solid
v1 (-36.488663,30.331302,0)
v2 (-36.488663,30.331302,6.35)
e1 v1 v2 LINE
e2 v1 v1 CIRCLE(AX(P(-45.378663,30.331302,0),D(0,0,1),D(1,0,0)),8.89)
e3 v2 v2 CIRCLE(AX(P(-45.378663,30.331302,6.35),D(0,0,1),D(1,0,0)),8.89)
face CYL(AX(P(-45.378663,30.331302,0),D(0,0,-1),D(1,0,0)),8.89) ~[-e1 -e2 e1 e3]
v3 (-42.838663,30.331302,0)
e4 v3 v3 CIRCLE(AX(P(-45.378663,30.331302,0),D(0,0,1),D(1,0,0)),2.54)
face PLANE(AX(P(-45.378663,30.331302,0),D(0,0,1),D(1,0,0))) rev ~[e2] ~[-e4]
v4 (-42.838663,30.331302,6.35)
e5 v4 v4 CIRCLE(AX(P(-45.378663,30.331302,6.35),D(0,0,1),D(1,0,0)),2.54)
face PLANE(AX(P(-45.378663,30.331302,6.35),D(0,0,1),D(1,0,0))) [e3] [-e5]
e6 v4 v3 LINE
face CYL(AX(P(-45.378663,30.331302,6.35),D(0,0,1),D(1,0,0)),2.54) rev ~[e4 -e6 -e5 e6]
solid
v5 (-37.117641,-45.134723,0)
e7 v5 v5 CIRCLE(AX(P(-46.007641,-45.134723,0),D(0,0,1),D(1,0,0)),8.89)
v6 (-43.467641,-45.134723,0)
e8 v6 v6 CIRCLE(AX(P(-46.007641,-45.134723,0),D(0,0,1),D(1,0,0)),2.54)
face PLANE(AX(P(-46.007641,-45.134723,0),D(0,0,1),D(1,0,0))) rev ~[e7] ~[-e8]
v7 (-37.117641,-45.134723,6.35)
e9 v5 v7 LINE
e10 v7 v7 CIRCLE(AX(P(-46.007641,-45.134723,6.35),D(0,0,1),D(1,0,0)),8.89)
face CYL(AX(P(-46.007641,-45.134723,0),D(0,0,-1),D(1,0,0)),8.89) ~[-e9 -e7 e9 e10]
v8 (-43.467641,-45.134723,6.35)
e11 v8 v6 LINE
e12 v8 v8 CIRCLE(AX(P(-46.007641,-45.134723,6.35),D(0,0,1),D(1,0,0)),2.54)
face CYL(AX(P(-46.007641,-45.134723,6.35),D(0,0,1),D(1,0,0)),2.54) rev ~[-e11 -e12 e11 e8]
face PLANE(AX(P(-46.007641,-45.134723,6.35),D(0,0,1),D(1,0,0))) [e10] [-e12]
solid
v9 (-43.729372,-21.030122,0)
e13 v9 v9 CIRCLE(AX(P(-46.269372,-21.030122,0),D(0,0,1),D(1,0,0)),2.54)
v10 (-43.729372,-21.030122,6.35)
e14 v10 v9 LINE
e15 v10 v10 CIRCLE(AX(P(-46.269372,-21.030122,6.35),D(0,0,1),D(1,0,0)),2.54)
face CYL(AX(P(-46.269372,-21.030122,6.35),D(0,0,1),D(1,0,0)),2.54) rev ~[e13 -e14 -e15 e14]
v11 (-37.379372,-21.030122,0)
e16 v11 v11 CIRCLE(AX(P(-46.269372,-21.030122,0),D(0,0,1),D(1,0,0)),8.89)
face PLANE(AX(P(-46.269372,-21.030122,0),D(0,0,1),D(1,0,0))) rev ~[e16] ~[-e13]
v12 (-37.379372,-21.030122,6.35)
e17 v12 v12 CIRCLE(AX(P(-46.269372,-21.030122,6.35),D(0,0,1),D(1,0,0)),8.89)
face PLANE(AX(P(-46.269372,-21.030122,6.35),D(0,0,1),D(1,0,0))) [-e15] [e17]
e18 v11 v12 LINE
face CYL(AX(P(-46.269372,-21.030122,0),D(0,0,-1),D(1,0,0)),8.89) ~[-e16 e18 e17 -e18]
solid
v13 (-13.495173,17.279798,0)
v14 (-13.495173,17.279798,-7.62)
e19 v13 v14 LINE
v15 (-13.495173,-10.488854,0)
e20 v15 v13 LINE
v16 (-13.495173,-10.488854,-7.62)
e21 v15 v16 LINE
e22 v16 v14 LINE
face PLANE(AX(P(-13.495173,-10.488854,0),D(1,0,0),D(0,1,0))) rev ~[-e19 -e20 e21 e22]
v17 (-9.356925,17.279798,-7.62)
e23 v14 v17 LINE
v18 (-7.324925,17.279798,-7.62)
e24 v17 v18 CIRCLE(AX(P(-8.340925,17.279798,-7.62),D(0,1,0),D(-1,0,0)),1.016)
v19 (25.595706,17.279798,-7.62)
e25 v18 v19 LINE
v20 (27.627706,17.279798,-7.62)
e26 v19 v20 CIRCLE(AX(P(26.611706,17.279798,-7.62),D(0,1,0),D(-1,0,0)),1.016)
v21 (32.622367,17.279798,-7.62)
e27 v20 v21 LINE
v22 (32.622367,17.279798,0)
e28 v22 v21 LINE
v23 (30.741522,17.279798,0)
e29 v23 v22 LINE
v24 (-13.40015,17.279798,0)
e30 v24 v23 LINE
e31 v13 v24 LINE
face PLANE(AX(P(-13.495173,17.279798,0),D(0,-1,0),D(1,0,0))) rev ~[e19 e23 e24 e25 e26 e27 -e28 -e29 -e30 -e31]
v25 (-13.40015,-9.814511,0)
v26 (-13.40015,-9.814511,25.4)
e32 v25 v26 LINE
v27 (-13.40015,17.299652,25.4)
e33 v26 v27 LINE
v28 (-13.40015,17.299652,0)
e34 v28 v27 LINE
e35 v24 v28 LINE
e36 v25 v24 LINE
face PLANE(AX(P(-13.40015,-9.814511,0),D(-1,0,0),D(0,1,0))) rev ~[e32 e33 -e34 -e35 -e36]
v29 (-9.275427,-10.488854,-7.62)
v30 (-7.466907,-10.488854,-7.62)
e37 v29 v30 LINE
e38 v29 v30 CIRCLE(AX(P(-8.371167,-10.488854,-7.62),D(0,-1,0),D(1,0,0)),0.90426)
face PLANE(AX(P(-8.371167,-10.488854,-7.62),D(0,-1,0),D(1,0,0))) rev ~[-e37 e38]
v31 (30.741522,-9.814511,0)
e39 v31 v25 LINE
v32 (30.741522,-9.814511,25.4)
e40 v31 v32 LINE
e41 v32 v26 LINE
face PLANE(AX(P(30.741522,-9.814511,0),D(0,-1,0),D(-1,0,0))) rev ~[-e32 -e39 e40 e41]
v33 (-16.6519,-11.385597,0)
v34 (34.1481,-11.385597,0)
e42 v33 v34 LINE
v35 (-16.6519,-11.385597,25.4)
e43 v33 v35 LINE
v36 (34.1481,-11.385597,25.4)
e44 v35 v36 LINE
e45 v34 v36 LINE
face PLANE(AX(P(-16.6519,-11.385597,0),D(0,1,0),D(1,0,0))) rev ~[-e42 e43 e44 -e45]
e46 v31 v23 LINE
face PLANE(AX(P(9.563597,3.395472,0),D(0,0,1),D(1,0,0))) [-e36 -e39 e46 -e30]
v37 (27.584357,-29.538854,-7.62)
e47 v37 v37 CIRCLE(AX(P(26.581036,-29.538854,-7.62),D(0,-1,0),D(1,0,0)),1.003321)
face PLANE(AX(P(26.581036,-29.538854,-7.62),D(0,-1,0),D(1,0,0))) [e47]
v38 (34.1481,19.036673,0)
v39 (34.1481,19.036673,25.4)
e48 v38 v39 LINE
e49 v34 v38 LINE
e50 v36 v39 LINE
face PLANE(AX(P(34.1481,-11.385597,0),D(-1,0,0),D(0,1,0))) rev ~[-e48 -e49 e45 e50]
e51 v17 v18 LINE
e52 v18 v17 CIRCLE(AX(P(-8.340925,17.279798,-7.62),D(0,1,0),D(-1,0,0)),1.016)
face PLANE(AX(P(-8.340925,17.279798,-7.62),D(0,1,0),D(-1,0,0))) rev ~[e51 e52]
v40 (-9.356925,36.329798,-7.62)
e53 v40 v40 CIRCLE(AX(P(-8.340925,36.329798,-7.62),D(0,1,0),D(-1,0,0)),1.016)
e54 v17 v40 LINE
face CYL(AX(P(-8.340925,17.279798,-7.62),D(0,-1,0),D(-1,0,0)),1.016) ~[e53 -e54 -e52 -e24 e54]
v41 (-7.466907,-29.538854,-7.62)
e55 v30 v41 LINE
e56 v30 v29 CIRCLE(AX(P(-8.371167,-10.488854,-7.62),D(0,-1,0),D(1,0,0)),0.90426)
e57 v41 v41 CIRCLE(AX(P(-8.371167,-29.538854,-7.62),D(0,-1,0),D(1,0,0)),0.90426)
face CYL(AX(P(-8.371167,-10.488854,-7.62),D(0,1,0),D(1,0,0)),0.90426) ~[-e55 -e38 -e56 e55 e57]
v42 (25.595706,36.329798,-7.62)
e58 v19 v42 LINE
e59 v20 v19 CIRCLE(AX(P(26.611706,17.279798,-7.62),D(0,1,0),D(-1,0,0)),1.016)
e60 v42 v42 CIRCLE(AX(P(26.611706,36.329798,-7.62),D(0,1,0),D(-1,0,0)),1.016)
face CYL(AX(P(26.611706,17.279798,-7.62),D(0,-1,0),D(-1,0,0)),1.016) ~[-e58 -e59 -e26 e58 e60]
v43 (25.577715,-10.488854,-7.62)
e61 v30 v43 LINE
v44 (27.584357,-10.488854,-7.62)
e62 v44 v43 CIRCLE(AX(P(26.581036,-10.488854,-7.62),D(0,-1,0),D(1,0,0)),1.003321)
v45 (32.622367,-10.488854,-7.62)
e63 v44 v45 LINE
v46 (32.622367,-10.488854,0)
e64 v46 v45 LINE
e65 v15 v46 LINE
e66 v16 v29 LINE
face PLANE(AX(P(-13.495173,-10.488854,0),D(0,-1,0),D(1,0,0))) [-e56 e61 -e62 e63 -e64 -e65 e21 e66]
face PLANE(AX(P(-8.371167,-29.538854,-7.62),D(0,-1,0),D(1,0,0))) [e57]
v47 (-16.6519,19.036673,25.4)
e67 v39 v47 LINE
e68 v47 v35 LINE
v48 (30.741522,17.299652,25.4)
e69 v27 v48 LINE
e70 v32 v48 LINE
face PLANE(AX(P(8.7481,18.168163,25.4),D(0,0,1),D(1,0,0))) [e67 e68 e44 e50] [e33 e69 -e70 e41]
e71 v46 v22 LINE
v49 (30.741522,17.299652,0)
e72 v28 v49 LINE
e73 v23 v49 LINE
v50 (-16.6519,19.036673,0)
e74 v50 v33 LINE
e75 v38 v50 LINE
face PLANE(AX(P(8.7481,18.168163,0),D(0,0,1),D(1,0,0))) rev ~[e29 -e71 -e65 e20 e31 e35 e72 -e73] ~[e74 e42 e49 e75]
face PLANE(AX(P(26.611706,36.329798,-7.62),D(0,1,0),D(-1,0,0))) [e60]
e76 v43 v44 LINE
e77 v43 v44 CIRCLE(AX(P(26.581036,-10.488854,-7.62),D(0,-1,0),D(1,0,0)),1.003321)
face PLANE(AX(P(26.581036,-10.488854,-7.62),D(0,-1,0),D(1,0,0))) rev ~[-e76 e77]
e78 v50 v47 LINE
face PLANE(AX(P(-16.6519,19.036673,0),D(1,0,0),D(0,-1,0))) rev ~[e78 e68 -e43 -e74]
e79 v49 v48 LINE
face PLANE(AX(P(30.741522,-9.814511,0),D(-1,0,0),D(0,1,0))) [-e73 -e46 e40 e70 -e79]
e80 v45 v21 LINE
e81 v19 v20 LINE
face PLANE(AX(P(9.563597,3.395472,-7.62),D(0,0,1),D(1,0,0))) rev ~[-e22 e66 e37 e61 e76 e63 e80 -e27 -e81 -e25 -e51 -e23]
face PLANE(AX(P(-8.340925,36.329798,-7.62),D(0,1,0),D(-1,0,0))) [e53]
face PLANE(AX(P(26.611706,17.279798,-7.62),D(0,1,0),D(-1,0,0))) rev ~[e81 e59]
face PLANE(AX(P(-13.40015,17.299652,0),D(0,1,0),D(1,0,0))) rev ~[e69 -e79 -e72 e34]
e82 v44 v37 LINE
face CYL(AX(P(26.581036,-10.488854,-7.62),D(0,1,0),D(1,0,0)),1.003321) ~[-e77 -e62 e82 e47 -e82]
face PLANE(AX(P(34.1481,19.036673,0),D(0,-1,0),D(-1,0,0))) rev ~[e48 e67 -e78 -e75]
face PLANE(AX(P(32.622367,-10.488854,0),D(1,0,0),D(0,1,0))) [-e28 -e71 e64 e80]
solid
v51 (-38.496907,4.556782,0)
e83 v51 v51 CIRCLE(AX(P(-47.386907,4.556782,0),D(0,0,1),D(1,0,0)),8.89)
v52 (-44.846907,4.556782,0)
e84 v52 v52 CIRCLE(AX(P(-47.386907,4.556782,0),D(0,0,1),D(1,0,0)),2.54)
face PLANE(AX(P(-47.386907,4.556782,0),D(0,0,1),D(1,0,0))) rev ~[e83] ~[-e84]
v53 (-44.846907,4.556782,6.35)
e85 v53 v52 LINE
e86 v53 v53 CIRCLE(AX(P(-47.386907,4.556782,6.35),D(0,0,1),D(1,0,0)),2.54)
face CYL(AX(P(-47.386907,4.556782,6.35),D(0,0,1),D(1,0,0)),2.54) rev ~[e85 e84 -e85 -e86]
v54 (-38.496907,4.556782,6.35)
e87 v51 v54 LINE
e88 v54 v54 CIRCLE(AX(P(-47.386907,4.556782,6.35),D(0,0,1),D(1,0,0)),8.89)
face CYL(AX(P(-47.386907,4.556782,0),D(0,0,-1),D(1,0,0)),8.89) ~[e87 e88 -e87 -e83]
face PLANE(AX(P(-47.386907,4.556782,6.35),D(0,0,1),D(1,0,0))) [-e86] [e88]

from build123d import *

# Parameters (mm, degrees)
F0_W      = 3.2517500222
F0_H      = 27.1141631529
F0_W_2    = 3.4065774262
F1_DEPTH  = 25.4
F2_DEPTH  = 25.4
F3_W      = 46.1175404489
F3_H      = 27.7686519548
F4_DEPTH  = 7.62
F5_R      = 1.016
F6_DEPTH  = 19.05
F7_R      = 0.9042601728
F7_R_2    = 1.0033209585
F8_DEPTH  = 19.05
F9_R      = 8.89
F10_DEPTH = 6.35
F11_R     = 2.54
F12_DEPTH = 25.4
F13_R     = 2.54
F14_DEPTH = 25.4
F15_R     = 2.54
F16_DEPTH = 25.4
F17_R     = 2.54
F18_DEPTH = 25.4


with BuildPart() as f1:
    # F0 (on Top) → F1 (new body)
    with BuildSketch(Plane.XY):
        Polygon((34.1480995148, 19.0366730094), (-16.6519004852, 19.0366730094), (-16.6519004852, 17.2996520996), (-13.400150463, 17.2996520996), (30.7415220886, 17.2996520996), (34.1480995148, 17.2996520996), align=None)
        with Locations((-15.0260254741, 3.7425705232)):
            Rectangle(F0_W, F0_H)
        with Locations((32.4448108017, 3.7425705232)):
            Rectangle(F0_W_2, F0_H)
        Polygon((-13.400150463, -9.8145110533), (-16.6519004852, -9.8145110533), (-16.6519004852, -11.3855972886), (34.1480995148, -11.3855972886), (34.1480995148, -9.8145110533), (30.7415220886, -9.8145110533), align=None)
    extrude(amount=F1_DEPTH)

    # F0 (on Top) → F2 (join)
    with BuildSketch(Plane.XY):
        Polygon((34.1480995148, 19.0366730094), (-16.6519004852, 19.0366730094), (-16.6519004852, 17.2996520996), (-13.400150463, 17.2996520996), (30.7415220886, 17.2996520996), (34.1480995148, 17.2996520996), align=None)
        with Locations((-15.0260254741, 3.7425705232)):
            Rectangle(F0_W, F0_H)
        with Locations((32.4448108017, 3.7425705232)):
            Rectangle(F0_W_2, F0_H)
        Polygon((-13.400150463, -9.8145110533), (-16.6519004852, -9.8145110533), (-16.6519004852, -11.3855972886), (34.1480995148, -11.3855972886), (34.1480995148, -9.8145110533), (30.7415220886, -9.8145110533), align=None)
    extrude(amount=F2_DEPTH)

    # F3 (on Top) → F4 (join)
    with BuildSketch(Plane.XY):
        with Locations((9.5635969192, 3.3954721875)):
            Rectangle(F3_W, F3_H)
    extrude(amount=-F4_DEPTH)

    # F5 (on face) → F6 (join)
    with BuildSketch(Plane(origin=(0, 17.279798165, 0), x_dir=(-1, 0, 0), z_dir=(0, 1, 0))):
        with Locations((-26.611706242, -7.62)):
            Circle(F5_R)
        with Locations((8.3409249783, -7.62)):
            Circle(F5_R)
    extrude(amount=F6_DEPTH)

    # F7 (on face) → F8 (join)
    with BuildSketch(Plane.XZ.offset(10.4888537899)):
        with Locations((-8.3711668849, -7.62)):
            Circle(F7_R)
        with Locations((26.5810359269, -7.62)):
            Circle(F7_R_2)
    extrude(amount=F8_DEPTH)


with BuildPart() as f10:
    # F9 (on Top) → F10 (new body)
    with BuildSketch(Plane.XY):
        with Locations((-45.3786626458, 30.3313024342)):
            Circle(F9_R)
    extrude(amount=F10_DEPTH)

    # F11 (on face) → F12 (cut)
    with BuildSketch(Plane.XY.offset(6.35)):
        with Locations((-45.3786626458, 30.3313024342)):
            Circle(F11_R)
    extrude(amount=-F12_DEPTH, mode=Mode.SUBTRACT)


with BuildPart() as f10b:
    # F9 (on Top) → F10, piece 2 (new body)
    with BuildSketch(Plane.XY):
        with Locations((-47.3869070411, 4.5567816123)):
            Circle(F9_R)
    extrude(amount=F10_DEPTH)

    # F13 (on face) → F14 (cut)
    with BuildSketch(Plane.XY.offset(6.35)):
        with Locations((-47.3869070411, 4.5567816123)):
            Circle(F13_R)
    extrude(amount=-F14_DEPTH, mode=Mode.SUBTRACT)


with BuildPart() as f10c:
    # F9 (on Top) → F10, piece 3 (new body)
    with BuildSketch(Plane.XY):
        with Locations((-46.2693721056, -21.0301224142)):
            Circle(F9_R)
    extrude(amount=F10_DEPTH)

    # F15 (on face) → F16 (cut)
    with BuildSketch(Plane.XY.offset(6.35)):
        with Locations((-46.2693721056, -21.0301224142)):
            Circle(F15_R)
    extrude(amount=-F16_DEPTH, mode=Mode.SUBTRACT)


with BuildPart() as f10d:
    # F9 (on Top) → F10, piece 4 (new body)
    with BuildSketch(Plane.XY):
        with Locations((-46.0076406598, -45.1347231865)):
            Circle(F9_R)
    extrude(amount=F10_DEPTH)

    # F17 (on face) → F18 (cut)
    with BuildSketch(Plane.XY.offset(6.35)):
        with Locations((-46.0076406598, -45.1347231865)):
            Circle(F17_R)
    extrude(amount=-F18_DEPTH, mode=Mode.SUBTRACT)


solid = Compound([f1.part, f10.part, f10b.part, f10c.part, f10d.part])
